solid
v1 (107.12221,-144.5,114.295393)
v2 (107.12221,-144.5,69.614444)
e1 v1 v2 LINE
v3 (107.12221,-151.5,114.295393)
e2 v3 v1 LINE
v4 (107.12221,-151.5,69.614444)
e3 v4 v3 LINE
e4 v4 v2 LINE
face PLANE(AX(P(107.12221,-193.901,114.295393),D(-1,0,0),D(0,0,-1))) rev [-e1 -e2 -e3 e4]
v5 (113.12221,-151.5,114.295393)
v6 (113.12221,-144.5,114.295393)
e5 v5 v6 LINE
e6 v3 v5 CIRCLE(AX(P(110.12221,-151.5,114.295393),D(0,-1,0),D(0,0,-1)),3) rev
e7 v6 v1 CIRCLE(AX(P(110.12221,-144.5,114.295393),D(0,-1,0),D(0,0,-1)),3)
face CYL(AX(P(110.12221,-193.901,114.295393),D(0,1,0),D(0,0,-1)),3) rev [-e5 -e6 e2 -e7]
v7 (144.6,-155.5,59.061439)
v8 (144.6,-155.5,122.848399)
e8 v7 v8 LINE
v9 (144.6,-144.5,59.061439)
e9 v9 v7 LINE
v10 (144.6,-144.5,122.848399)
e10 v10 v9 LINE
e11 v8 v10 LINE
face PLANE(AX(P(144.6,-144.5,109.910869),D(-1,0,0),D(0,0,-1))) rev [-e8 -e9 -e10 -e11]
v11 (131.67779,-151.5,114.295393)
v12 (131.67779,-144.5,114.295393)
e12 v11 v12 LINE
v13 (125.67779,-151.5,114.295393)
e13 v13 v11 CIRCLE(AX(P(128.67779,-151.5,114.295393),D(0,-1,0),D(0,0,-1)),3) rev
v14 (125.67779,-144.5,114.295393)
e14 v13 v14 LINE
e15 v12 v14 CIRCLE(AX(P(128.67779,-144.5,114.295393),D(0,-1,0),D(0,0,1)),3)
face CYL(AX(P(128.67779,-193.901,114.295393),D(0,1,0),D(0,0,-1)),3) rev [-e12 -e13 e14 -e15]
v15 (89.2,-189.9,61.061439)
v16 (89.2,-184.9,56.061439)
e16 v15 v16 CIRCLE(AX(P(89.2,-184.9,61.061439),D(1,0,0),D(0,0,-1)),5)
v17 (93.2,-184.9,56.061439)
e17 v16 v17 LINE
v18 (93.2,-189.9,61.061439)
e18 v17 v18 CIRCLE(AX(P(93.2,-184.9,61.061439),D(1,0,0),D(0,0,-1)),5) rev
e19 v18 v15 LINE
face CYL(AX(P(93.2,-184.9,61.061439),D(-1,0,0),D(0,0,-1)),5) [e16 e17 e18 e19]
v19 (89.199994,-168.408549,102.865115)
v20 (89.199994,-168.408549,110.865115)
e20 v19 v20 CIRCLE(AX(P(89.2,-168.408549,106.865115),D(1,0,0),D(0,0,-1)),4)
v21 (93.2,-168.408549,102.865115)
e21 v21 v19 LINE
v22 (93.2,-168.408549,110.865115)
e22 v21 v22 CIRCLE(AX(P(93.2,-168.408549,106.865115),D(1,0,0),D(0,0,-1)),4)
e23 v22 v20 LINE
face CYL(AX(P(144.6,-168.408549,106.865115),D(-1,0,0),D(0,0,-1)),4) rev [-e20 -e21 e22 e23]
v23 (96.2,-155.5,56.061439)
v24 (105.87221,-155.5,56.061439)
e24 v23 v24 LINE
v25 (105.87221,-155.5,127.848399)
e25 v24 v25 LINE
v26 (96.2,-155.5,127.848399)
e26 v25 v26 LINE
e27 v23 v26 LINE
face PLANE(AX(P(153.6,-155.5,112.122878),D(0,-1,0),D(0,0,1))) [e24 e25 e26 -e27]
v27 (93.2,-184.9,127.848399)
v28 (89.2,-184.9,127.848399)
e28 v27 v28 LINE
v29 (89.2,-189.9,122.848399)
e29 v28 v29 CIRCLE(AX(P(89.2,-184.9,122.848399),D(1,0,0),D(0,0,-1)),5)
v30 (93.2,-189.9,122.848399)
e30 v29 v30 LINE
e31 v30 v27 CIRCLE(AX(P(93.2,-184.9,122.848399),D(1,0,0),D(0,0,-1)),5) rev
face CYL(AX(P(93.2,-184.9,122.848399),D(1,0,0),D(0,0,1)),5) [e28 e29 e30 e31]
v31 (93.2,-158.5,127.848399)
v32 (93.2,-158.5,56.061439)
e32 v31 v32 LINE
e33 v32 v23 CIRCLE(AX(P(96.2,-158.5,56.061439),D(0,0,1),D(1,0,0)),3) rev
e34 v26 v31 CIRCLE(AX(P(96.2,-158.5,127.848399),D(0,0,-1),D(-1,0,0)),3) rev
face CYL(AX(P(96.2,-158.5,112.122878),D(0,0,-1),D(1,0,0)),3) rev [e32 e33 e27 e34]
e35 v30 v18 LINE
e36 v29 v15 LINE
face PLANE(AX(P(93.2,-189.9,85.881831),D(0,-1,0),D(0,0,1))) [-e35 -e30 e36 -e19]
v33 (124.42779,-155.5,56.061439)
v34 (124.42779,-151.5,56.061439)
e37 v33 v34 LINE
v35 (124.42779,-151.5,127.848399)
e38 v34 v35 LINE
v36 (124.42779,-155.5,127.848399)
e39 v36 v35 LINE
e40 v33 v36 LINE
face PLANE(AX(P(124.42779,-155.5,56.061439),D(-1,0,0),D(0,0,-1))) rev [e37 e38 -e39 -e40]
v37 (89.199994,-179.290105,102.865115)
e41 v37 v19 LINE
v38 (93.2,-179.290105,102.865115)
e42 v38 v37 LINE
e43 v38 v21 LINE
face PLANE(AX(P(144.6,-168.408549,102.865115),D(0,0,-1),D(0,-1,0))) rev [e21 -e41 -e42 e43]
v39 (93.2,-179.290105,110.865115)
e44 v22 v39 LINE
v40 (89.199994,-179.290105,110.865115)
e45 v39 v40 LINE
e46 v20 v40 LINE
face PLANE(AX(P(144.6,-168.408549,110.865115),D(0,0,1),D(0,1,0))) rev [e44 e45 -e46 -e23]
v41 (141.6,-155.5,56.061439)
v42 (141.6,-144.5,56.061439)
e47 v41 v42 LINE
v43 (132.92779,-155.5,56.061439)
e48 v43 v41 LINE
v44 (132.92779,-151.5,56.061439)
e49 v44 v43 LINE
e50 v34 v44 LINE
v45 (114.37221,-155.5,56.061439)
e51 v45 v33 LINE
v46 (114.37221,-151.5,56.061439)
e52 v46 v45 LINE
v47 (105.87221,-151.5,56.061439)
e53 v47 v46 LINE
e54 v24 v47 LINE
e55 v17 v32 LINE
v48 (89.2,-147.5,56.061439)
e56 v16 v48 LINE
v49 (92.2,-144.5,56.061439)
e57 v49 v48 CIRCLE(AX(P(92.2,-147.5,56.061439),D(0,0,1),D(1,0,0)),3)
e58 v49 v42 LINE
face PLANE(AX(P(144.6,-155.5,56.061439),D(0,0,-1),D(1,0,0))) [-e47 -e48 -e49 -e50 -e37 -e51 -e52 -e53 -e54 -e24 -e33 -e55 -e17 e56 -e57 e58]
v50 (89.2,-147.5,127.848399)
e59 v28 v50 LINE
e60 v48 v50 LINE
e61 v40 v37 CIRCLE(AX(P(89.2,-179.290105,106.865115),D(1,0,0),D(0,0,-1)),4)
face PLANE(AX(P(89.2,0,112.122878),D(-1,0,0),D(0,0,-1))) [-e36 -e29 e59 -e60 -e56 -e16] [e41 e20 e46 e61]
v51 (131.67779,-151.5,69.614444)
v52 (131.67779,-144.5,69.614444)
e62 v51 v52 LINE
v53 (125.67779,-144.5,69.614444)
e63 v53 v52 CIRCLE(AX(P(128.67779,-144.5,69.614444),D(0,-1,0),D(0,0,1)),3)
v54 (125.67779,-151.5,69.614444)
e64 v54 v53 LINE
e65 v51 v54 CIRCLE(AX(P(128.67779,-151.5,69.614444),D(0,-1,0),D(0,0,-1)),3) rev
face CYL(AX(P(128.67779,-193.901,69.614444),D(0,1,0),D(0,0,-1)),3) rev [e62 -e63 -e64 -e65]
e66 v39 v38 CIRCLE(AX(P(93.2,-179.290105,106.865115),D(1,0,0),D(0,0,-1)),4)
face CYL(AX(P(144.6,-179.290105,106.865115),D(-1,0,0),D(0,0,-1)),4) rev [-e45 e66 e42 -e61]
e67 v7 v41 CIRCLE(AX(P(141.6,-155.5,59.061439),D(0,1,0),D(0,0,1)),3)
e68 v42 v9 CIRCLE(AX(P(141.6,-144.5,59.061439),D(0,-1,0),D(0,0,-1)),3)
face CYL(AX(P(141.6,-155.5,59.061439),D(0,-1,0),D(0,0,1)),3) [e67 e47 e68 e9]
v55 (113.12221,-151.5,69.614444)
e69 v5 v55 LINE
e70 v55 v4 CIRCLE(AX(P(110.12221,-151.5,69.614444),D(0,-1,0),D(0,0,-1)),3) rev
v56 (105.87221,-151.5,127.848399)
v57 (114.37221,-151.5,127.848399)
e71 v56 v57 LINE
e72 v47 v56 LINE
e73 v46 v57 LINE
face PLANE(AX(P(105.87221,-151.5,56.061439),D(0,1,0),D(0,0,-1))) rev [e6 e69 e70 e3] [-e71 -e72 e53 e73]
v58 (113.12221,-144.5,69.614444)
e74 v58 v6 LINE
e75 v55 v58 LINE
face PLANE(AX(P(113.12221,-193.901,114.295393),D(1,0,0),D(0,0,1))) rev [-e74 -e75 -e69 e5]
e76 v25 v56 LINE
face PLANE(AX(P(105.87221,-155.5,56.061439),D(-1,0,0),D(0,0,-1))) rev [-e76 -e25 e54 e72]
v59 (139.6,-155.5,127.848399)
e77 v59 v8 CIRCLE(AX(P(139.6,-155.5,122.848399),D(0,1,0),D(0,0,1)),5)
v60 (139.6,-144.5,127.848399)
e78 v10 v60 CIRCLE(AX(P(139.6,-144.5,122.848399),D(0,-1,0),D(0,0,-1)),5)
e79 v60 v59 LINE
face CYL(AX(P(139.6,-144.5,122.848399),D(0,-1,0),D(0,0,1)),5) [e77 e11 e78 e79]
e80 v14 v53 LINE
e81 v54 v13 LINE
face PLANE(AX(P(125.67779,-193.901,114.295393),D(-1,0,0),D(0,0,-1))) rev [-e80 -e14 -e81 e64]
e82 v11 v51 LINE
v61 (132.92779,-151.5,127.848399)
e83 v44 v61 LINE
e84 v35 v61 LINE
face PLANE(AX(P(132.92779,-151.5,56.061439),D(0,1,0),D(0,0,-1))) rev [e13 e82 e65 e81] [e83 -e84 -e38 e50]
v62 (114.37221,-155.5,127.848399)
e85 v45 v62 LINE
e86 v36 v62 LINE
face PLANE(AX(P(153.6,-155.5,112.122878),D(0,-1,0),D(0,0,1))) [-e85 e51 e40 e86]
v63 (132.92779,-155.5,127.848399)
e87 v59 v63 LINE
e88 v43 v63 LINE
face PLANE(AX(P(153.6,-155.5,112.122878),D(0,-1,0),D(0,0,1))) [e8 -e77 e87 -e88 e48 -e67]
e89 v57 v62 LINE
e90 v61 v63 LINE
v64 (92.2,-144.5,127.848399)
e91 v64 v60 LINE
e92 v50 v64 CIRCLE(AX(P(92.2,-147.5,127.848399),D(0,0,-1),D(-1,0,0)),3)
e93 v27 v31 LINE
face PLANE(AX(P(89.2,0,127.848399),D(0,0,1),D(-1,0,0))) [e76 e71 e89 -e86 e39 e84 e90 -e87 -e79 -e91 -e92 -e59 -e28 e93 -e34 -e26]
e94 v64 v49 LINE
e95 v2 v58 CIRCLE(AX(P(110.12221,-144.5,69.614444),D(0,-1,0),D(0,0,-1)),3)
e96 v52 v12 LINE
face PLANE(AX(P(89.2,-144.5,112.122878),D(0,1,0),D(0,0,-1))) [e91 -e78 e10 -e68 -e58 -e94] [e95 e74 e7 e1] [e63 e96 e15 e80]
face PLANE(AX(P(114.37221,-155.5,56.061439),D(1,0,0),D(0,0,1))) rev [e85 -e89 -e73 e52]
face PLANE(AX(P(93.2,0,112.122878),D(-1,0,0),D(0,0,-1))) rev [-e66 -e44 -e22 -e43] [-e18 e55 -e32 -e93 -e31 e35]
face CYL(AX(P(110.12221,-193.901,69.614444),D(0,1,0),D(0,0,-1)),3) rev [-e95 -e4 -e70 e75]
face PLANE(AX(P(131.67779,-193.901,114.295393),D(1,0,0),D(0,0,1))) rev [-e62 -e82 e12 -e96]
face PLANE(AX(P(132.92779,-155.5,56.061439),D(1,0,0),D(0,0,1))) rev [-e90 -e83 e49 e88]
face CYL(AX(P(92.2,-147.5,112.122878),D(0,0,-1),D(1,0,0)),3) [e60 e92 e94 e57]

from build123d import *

# Parameters (mm, degrees)
BOSS_EXTRUDE1_START             = 0.2
SKETCH2_W                       = 41.966567091
SKETCH2_H                       = 11
SKETCH2_H_2                     = 34.4
SKETCH2_R                       = 4
SKETCH2_H_3                     = 4
BOSS_EXTRUDE1_DEPTH             = 4
BOSS_EXTRUDE2_REACH             = 197.713
SKETCH2_3_W                     = 41.966567091
SKETCH2_3_H                     = 11
SKETCH2_3_H_2                   = 4
BOSS_EXTRUDE2_DIRECTION_2_DEPTH = 60.2
FILLET1_R                       = 3
SKETCH3_W                       = 9
SKETCH3_H                       = 11.2
CUT_EXTRUDE1_DEPTH              = 24.029037182
SKETCH4_W                       = 71.659193782
SKETCH4_H                       = 19.690367256
SKETCH4_R                       = 3.18615952
BOSS_EXTRUDE3_DEPTH             = 4
FILLET2_R                       = 3
BOSS_EXTRUDE4_START             = -11
SKETCH5_W                       = 55.4
SKETCH5_H                       = 29.820392461
BOSS_EXTRUDE4_DEPTH             = 11
FILLET3_R                       = 3
CUT_EXTRUDE2_DEPTH              = 258.572392856
CUT_EXTRUDE2_DEPTH_BACK         = 258.572392856
SKETCH7_W                       = 8.5
SKETCH7_H                       = 4
FILLET6_R                       = 2
CUT_EXTRUDE3_REACH              = 172.81
CUT_EXTRUDE4_DEPTH              = 174.523300181
CUT_EXTRUDE4_DEPTH_BACK         = 174.523300181
FILLET7_R                       = 5
BOSS_EXTRUDE5_START             = -4
SKETCH10_W                      = 29.820392461
SKETCH10_H                      = 34.4
BOSS_EXTRUDE5_DEPTH             = 4
BOSS_EXTRUDE6_START             = 29.82039246
BOSS_EXTRUDE6_DEPTH             = 29.82039246
CUT_EXTRUDE5_DEPTH              = 210.306605099
CUT_EXTRUDE5_DEPTH_BACK         = 210.306605099
CUT_EXTRUDE6_DEPTH              = 210.306605099
CUT_EXTRUDE6_DEPTH_BACK         = 210.306605099
SKETCH15_W                      = 78.727492145
SKETCH15_H                      = 13.85710387
CUT_EXTRUDE8_REACH              = 163.596
SKETCH16_W                      = 13.433327452
SKETCH16_H                      = 52.832089958
FILLET8_R                       = 5


with BuildPart() as part:
    # Sketch2 → Boss-Extrude1 (new body)
    # profile 1 of 3: a face of its own
    with BuildSketch(Plane.ZY.offset(-93.4).offset(BOSS_EXTRUDE1_START)):
        with Locations((5.257762951, -150)):
            Rectangle(SKETCH2_W, SKETCH2_H)
    # profile 2 of 3: a face of its own
    with BuildSketch(Plane.ZY.offset(-93.4).offset(BOSS_EXTRUDE1_START)):
        with Locations((5.257762951, -172.7)):
            Rectangle(SKETCH2_W, SKETCH2_H_2)
        with Locations((5.257762951, -173.849326746)):
            Circle(SKETCH2_R, mode=Mode.SUBTRACT)
    # profile 3 of 3: a face of its own
    with BuildSketch(Plane.ZY.offset(-93.4).offset(BOSS_EXTRUDE1_START)):
        with Locations((5.257762951, -191.9)):
            Rectangle(SKETCH2_W, SKETCH2_H_3)
    extrude(amount=BOSS_EXTRUDE1_DEPTH)

    # Sketch2<3> → Boss-Extrude2 (add, up to next)
    with BuildSketch(Plane.ZY.offset(-93.4), mode=Mode.PRIVATE) as boss_extrude2_sk1:
        with Locations((5.257762951, -150)):
            Rectangle(SKETCH2_3_W, SKETCH2_3_H)
    boss_extrude2_tool1 = extrude(boss_extrude2_sk1.sketch, amount=BOSS_EXTRUDE2_REACH, mode=Mode.PRIVATE) - part.part
    # Sketch2<3> → Boss-Extrude2 (add, up to next)
    with BuildSketch(Plane.ZY.offset(-93.4), mode=Mode.PRIVATE) as boss_extrude2_sk2:
        with Locations((5.257762951, -191.9)):
            Rectangle(SKETCH2_3_W, SKETCH2_3_H_2)
    boss_extrude2_tool2 = extrude(boss_extrude2_sk2.sketch, amount=BOSS_EXTRUDE2_REACH, mode=Mode.PRIVATE) - part.part
    add(boss_extrude2_tool1.solids().sort_by_distance((93.4, -150, 5.257763))[0])
    add(boss_extrude2_tool2.solids().sort_by_distance((93.4, -191.9, 5.257763))[0])

    # Sketch2<3> → Boss-Extrude2 direction 2 (add)
    with BuildSketch(Plane.ZY.offset(-93.4)):
        with Locations((5.257762951, -150)):
            Rectangle(SKETCH2_3_W, SKETCH2_3_H)
        with Locations((5.257762951, -191.9)):
            Rectangle(SKETCH2_3_W, SKETCH2_3_H_2)
    extrude(amount=-BOSS_EXTRUDE2_DIRECTION_2_DEPTH)

    # Fillet1
    fillet1_edges = [part.edges().sort_by_distance(p)[0] for p in [
        (89.2, -193.9, 5.257762951),
        (93.2, -155.5, 5.257762951),
        (153.6, -191.9, 26.241046496),
        (93.2, -189.9, 5.257762951),
        (153.6, -191.9, -15.725520595),
    ]]
    fillet(fillet1_edges, radius=FILLET1_R)

    # Sketch3 → Cut-Extrude1 (cut)
    with BuildSketch(Plane.XY.offset(26.241046496)):
        with Locations((149.1, -150.1)):
            Rectangle(SKETCH3_W, SKETCH3_H)
    extrude(amount=-CUT_EXTRUDE1_DEPTH, mode=Mode.SUBTRACT)

    # Sketch4 → Boss-Extrude3 (add)
    with BuildSketch(Plane(origin=(153.6, 0, 0), x_dir=(0, 0, -1), z_dir=(1, 0, 0))):
        with Locations((-20.104076296, -145.654816372)):
            Rectangle(SKETCH4_W, SKETCH4_H)
        with Locations((-39.297424086, -145.700936153)):
            Circle(SKETCH4_R, mode=Mode.SUBTRACT)
        with Locations((-9.68615952, -145.700936153)):
            Circle(SKETCH4_R, mode=Mode.SUBTRACT)
    extrude(amount=-BOSS_EXTRUDE3_DEPTH)

    # Fillet2
    fillet2_edges = [part.edges().sort_by_distance(p)[0] for p in [
        (149.6, -144.5, -6.75675564),
        (151.6, -135.809632744, -15.725520595),
        (151.6, -135.809632744, 55.933673187),
    ]]
    fillet(fillet2_edges, radius=FILLET2_R)

    # Sketch5 → Boss-Extrude4 (add)
    with BuildSketch(Plane(origin=(0, -144.5, 0), x_dir=(1, 0, 0), z_dir=(0, 1, 0)).offset(BOSS_EXTRUDE4_START)):
        with Locations((116.9, -41.151242727)):
            Rectangle(SKETCH5_W, SKETCH5_H)
    extrude(amount=BOSS_EXTRUDE4_DEPTH)

    # Fillet3
    fillet3_edges = [part.edges().sort_by_distance(p)[0] for p in [
        (144.6, -150, 56.061438957),
        (89.2, -144.5, 20.167959181),
    ]]
    fillet(fillet3_edges, radius=FILLET3_R)

    # Sketch7 → Cut-Extrude2 (cut, two sides: drawn at the far end of the back side and taken through both)
    with BuildSketch(Plane(origin=(0, 0, -15.725520595), x_dir=(-1, 0, 0), z_dir=(0, 0, -1)).offset(-CUT_EXTRUDE2_DEPTH_BACK)):
        with Locations((-128.677790471, -153.5)):
            Rectangle(SKETCH7_W, SKETCH7_H)
        with Locations((-110.122209529, -153.5)):
            Rectangle(SKETCH7_W, SKETCH7_H)
    extrude(amount=CUT_EXTRUDE2_DEPTH + CUT_EXTRUDE2_DEPTH_BACK, mode=Mode.SUBTRACT)

    # Fillet6
    fillet6_edges = [part.edges().sort_by_distance(p)[0] for p in [
        (144.6, -150, 2.212009314),
    ]]
    fillet(fillet6_edges, radius=FILLET6_R)

    # Sketch8 → Cut-Extrude3 (cut, up to next)
    with BuildSketch(Plane(origin=(0, -144.5, 0), x_dir=(1, 0, 0), z_dir=(0, 1, 0)), mode=Mode.PRIVATE) as cut_extrude3_sk1:
        with BuildLine():
            Line((113.122209529, 2.172515143), (113.122209529, -42.508433505))
            ThreePointArc((113.122209529, -42.508433505), (110.122209529, -45.508433505), (107.122209529, -42.508433505))
            Line((107.122209529, -42.508433505), (107.122209529, 2.172515143))
            ThreePointArc((107.122209529, 2.172515143), (110.122209529, 5.172515143), (113.122209529, 2.172515143))
        make_face()
    cut_extrude3_tool1 = extrude(cut_extrude3_sk1.sketch, amount=-CUT_EXTRUDE3_REACH, mode=Mode.PRIVATE) & part.part
    # Sketch8 → Cut-Extrude3 (cut, up to next)
    with BuildSketch(Plane(origin=(0, -144.5, 0), x_dir=(1, 0, 0), z_dir=(0, 1, 0)), mode=Mode.PRIVATE) as cut_extrude3_sk2:
        with BuildLine():
            Line((125.677790471, 2.172515143), (125.677790471, -42.508433505))
            ThreePointArc((125.677790471, -42.508433505), (128.677790471, -45.508433505), (131.677790471, -42.508433505))
            Line((131.677790471, -42.508433505), (131.677790471, 2.172515143))
            ThreePointArc((131.677790471, 2.172515143), (128.677790471, 5.172515143), (125.677790471, 2.172515143))
        make_face()
    cut_extrude3_tool2 = extrude(cut_extrude3_sk2.sketch, amount=-CUT_EXTRUDE3_REACH, mode=Mode.PRIVATE) & part.part
    add(cut_extrude3_tool1.solids().sort_by_distance((110.12221, -144.5, 20.167959))[0], mode=Mode.SUBTRACT)
    add(cut_extrude3_tool2.solids().sort_by_distance((128.67779, -144.5, 20.167959))[0], mode=Mode.SUBTRACT)

    # Sketch9 → Cut-Extrude4 (cut, two sides: drawn at the far end of the back side and taken through both)
    with BuildSketch(Plane(origin=(0, -135.809632744, 0), x_dir=(1, 0, 0), z_dir=(0, 1, 0)).offset(-CUT_EXTRUDE4_DEPTH_BACK)):
        Polygon((144.6, 47.11572478), (144.6, -77.58184164), (185.54461202, -56.674351197), (190.182137353, 46.607841752), align=None)
    extrude(amount=CUT_EXTRUDE4_DEPTH + CUT_EXTRUDE4_DEPTH_BACK, mode=Mode.SUBTRACT)

    # Fillet7
    fillet7_edges = [part.edges().sort_by_distance(p)[0] for p in [
        (144.6, -150, -15.725520595),
    ]]
    fillet(fillet7_edges, radius=FILLET7_R)

    # Sketch10 → Boss-Extrude5 (add)
    with BuildSketch(Plane.ZY.offset(-89.2).offset(BOSS_EXTRUDE5_START)):
        with Locations((41.151242727, -172.7)):
            Rectangle(SKETCH10_W, SKETCH10_H)
    extrude(amount=BOSS_EXTRUDE5_DEPTH)

    # Sketch11 → Boss-Extrude6 (add)
    with BuildSketch(Plane.XY.offset(26.241046496).offset(BOSS_EXTRUDE6_START)):
        with BuildLine():
            Line((93.2, -155.5), (93.2, -158.5))
            ThreePointArc((93.2, -158.5), (94.078679656, -156.378679656), (96.2, -155.5))
            Line((96.2, -155.5), (93.2, -155.5))
        make_face()
    extrude(amount=-BOSS_EXTRUDE6_DEPTH)

    # Sketch14 → Cut-Extrude5 (cut, two sides: drawn at the far end of the back side and taken through both)
    with BuildSketch(Plane.ZY.offset(-89.2).offset(-CUT_EXTRUDE5_DEPTH_BACK)):
        with BuildLine():
            Line((9.257762951, -168.408548592), (9.257762951, -179.290104899))
            ThreePointArc((9.257762951, -179.290104899), (5.257762951, -183.290104899), (1.257762951, -179.290104899))
            Line((1.257762951, -179.290104899), (1.257762951, -168.408548592))
            ThreePointArc((1.257762951, -168.408548592), (5.257762951, -164.408548592), (9.257762951, -168.408548592))
        make_face()
    extrude(amount=CUT_EXTRUDE5_DEPTH + CUT_EXTRUDE5_DEPTH_BACK, mode=Mode.SUBTRACT)

    # Sketch15 → Cut-Extrude6 (cut, two sides: drawn at the far end of the back side and taken through both)
    with BuildSketch(Plane.ZY.offset(-89.2).offset(-CUT_EXTRUDE6_DEPTH_BACK)):
        with Locations((22.135388596, -196.828551935)):
            Rectangle(SKETCH15_W, SKETCH15_H)
    extrude(amount=CUT_EXTRUDE6_DEPTH + CUT_EXTRUDE6_DEPTH_BACK, mode=Mode.SUBTRACT)

    # Sketch16 → Cut-Extrude8 (cut, up to next)
    with BuildSketch(Plane.XZ.offset(189.9), mode=Mode.PRIVATE) as cut_extrude8_sk1:
        with Locations((99.916663726, 10.690524384)):
            Rectangle(SKETCH16_W, SKETCH16_H)
    cut_extrude8_tool1 = extrude(cut_extrude8_sk1.sketch, amount=-CUT_EXTRUDE8_REACH, mode=Mode.PRIVATE) & part.part
    add(cut_extrude8_tool1.solids().sort_by_distance((99.916664, -189.9, 10.690524))[0], mode=Mode.SUBTRACT)

    # Fillet8
    fillet8_edges = [part.edges().sort_by_distance(p)[0] for p in [
        (91.2, -189.9, 56.061438957),
        (91.2, -189.9, -15.725520595),
    ]]
    fillet(fillet8_edges, radius=FILLET8_R)


with BuildPart() as body_2:
    # Mirror1: mirrored copy
    add(part.part.mirror(Plane(origin=(144.6, -155.5, 56.061438957), x_dir=(1, 0, 0), z_dir=(0, 0, 1))))


solid = body_2.part
